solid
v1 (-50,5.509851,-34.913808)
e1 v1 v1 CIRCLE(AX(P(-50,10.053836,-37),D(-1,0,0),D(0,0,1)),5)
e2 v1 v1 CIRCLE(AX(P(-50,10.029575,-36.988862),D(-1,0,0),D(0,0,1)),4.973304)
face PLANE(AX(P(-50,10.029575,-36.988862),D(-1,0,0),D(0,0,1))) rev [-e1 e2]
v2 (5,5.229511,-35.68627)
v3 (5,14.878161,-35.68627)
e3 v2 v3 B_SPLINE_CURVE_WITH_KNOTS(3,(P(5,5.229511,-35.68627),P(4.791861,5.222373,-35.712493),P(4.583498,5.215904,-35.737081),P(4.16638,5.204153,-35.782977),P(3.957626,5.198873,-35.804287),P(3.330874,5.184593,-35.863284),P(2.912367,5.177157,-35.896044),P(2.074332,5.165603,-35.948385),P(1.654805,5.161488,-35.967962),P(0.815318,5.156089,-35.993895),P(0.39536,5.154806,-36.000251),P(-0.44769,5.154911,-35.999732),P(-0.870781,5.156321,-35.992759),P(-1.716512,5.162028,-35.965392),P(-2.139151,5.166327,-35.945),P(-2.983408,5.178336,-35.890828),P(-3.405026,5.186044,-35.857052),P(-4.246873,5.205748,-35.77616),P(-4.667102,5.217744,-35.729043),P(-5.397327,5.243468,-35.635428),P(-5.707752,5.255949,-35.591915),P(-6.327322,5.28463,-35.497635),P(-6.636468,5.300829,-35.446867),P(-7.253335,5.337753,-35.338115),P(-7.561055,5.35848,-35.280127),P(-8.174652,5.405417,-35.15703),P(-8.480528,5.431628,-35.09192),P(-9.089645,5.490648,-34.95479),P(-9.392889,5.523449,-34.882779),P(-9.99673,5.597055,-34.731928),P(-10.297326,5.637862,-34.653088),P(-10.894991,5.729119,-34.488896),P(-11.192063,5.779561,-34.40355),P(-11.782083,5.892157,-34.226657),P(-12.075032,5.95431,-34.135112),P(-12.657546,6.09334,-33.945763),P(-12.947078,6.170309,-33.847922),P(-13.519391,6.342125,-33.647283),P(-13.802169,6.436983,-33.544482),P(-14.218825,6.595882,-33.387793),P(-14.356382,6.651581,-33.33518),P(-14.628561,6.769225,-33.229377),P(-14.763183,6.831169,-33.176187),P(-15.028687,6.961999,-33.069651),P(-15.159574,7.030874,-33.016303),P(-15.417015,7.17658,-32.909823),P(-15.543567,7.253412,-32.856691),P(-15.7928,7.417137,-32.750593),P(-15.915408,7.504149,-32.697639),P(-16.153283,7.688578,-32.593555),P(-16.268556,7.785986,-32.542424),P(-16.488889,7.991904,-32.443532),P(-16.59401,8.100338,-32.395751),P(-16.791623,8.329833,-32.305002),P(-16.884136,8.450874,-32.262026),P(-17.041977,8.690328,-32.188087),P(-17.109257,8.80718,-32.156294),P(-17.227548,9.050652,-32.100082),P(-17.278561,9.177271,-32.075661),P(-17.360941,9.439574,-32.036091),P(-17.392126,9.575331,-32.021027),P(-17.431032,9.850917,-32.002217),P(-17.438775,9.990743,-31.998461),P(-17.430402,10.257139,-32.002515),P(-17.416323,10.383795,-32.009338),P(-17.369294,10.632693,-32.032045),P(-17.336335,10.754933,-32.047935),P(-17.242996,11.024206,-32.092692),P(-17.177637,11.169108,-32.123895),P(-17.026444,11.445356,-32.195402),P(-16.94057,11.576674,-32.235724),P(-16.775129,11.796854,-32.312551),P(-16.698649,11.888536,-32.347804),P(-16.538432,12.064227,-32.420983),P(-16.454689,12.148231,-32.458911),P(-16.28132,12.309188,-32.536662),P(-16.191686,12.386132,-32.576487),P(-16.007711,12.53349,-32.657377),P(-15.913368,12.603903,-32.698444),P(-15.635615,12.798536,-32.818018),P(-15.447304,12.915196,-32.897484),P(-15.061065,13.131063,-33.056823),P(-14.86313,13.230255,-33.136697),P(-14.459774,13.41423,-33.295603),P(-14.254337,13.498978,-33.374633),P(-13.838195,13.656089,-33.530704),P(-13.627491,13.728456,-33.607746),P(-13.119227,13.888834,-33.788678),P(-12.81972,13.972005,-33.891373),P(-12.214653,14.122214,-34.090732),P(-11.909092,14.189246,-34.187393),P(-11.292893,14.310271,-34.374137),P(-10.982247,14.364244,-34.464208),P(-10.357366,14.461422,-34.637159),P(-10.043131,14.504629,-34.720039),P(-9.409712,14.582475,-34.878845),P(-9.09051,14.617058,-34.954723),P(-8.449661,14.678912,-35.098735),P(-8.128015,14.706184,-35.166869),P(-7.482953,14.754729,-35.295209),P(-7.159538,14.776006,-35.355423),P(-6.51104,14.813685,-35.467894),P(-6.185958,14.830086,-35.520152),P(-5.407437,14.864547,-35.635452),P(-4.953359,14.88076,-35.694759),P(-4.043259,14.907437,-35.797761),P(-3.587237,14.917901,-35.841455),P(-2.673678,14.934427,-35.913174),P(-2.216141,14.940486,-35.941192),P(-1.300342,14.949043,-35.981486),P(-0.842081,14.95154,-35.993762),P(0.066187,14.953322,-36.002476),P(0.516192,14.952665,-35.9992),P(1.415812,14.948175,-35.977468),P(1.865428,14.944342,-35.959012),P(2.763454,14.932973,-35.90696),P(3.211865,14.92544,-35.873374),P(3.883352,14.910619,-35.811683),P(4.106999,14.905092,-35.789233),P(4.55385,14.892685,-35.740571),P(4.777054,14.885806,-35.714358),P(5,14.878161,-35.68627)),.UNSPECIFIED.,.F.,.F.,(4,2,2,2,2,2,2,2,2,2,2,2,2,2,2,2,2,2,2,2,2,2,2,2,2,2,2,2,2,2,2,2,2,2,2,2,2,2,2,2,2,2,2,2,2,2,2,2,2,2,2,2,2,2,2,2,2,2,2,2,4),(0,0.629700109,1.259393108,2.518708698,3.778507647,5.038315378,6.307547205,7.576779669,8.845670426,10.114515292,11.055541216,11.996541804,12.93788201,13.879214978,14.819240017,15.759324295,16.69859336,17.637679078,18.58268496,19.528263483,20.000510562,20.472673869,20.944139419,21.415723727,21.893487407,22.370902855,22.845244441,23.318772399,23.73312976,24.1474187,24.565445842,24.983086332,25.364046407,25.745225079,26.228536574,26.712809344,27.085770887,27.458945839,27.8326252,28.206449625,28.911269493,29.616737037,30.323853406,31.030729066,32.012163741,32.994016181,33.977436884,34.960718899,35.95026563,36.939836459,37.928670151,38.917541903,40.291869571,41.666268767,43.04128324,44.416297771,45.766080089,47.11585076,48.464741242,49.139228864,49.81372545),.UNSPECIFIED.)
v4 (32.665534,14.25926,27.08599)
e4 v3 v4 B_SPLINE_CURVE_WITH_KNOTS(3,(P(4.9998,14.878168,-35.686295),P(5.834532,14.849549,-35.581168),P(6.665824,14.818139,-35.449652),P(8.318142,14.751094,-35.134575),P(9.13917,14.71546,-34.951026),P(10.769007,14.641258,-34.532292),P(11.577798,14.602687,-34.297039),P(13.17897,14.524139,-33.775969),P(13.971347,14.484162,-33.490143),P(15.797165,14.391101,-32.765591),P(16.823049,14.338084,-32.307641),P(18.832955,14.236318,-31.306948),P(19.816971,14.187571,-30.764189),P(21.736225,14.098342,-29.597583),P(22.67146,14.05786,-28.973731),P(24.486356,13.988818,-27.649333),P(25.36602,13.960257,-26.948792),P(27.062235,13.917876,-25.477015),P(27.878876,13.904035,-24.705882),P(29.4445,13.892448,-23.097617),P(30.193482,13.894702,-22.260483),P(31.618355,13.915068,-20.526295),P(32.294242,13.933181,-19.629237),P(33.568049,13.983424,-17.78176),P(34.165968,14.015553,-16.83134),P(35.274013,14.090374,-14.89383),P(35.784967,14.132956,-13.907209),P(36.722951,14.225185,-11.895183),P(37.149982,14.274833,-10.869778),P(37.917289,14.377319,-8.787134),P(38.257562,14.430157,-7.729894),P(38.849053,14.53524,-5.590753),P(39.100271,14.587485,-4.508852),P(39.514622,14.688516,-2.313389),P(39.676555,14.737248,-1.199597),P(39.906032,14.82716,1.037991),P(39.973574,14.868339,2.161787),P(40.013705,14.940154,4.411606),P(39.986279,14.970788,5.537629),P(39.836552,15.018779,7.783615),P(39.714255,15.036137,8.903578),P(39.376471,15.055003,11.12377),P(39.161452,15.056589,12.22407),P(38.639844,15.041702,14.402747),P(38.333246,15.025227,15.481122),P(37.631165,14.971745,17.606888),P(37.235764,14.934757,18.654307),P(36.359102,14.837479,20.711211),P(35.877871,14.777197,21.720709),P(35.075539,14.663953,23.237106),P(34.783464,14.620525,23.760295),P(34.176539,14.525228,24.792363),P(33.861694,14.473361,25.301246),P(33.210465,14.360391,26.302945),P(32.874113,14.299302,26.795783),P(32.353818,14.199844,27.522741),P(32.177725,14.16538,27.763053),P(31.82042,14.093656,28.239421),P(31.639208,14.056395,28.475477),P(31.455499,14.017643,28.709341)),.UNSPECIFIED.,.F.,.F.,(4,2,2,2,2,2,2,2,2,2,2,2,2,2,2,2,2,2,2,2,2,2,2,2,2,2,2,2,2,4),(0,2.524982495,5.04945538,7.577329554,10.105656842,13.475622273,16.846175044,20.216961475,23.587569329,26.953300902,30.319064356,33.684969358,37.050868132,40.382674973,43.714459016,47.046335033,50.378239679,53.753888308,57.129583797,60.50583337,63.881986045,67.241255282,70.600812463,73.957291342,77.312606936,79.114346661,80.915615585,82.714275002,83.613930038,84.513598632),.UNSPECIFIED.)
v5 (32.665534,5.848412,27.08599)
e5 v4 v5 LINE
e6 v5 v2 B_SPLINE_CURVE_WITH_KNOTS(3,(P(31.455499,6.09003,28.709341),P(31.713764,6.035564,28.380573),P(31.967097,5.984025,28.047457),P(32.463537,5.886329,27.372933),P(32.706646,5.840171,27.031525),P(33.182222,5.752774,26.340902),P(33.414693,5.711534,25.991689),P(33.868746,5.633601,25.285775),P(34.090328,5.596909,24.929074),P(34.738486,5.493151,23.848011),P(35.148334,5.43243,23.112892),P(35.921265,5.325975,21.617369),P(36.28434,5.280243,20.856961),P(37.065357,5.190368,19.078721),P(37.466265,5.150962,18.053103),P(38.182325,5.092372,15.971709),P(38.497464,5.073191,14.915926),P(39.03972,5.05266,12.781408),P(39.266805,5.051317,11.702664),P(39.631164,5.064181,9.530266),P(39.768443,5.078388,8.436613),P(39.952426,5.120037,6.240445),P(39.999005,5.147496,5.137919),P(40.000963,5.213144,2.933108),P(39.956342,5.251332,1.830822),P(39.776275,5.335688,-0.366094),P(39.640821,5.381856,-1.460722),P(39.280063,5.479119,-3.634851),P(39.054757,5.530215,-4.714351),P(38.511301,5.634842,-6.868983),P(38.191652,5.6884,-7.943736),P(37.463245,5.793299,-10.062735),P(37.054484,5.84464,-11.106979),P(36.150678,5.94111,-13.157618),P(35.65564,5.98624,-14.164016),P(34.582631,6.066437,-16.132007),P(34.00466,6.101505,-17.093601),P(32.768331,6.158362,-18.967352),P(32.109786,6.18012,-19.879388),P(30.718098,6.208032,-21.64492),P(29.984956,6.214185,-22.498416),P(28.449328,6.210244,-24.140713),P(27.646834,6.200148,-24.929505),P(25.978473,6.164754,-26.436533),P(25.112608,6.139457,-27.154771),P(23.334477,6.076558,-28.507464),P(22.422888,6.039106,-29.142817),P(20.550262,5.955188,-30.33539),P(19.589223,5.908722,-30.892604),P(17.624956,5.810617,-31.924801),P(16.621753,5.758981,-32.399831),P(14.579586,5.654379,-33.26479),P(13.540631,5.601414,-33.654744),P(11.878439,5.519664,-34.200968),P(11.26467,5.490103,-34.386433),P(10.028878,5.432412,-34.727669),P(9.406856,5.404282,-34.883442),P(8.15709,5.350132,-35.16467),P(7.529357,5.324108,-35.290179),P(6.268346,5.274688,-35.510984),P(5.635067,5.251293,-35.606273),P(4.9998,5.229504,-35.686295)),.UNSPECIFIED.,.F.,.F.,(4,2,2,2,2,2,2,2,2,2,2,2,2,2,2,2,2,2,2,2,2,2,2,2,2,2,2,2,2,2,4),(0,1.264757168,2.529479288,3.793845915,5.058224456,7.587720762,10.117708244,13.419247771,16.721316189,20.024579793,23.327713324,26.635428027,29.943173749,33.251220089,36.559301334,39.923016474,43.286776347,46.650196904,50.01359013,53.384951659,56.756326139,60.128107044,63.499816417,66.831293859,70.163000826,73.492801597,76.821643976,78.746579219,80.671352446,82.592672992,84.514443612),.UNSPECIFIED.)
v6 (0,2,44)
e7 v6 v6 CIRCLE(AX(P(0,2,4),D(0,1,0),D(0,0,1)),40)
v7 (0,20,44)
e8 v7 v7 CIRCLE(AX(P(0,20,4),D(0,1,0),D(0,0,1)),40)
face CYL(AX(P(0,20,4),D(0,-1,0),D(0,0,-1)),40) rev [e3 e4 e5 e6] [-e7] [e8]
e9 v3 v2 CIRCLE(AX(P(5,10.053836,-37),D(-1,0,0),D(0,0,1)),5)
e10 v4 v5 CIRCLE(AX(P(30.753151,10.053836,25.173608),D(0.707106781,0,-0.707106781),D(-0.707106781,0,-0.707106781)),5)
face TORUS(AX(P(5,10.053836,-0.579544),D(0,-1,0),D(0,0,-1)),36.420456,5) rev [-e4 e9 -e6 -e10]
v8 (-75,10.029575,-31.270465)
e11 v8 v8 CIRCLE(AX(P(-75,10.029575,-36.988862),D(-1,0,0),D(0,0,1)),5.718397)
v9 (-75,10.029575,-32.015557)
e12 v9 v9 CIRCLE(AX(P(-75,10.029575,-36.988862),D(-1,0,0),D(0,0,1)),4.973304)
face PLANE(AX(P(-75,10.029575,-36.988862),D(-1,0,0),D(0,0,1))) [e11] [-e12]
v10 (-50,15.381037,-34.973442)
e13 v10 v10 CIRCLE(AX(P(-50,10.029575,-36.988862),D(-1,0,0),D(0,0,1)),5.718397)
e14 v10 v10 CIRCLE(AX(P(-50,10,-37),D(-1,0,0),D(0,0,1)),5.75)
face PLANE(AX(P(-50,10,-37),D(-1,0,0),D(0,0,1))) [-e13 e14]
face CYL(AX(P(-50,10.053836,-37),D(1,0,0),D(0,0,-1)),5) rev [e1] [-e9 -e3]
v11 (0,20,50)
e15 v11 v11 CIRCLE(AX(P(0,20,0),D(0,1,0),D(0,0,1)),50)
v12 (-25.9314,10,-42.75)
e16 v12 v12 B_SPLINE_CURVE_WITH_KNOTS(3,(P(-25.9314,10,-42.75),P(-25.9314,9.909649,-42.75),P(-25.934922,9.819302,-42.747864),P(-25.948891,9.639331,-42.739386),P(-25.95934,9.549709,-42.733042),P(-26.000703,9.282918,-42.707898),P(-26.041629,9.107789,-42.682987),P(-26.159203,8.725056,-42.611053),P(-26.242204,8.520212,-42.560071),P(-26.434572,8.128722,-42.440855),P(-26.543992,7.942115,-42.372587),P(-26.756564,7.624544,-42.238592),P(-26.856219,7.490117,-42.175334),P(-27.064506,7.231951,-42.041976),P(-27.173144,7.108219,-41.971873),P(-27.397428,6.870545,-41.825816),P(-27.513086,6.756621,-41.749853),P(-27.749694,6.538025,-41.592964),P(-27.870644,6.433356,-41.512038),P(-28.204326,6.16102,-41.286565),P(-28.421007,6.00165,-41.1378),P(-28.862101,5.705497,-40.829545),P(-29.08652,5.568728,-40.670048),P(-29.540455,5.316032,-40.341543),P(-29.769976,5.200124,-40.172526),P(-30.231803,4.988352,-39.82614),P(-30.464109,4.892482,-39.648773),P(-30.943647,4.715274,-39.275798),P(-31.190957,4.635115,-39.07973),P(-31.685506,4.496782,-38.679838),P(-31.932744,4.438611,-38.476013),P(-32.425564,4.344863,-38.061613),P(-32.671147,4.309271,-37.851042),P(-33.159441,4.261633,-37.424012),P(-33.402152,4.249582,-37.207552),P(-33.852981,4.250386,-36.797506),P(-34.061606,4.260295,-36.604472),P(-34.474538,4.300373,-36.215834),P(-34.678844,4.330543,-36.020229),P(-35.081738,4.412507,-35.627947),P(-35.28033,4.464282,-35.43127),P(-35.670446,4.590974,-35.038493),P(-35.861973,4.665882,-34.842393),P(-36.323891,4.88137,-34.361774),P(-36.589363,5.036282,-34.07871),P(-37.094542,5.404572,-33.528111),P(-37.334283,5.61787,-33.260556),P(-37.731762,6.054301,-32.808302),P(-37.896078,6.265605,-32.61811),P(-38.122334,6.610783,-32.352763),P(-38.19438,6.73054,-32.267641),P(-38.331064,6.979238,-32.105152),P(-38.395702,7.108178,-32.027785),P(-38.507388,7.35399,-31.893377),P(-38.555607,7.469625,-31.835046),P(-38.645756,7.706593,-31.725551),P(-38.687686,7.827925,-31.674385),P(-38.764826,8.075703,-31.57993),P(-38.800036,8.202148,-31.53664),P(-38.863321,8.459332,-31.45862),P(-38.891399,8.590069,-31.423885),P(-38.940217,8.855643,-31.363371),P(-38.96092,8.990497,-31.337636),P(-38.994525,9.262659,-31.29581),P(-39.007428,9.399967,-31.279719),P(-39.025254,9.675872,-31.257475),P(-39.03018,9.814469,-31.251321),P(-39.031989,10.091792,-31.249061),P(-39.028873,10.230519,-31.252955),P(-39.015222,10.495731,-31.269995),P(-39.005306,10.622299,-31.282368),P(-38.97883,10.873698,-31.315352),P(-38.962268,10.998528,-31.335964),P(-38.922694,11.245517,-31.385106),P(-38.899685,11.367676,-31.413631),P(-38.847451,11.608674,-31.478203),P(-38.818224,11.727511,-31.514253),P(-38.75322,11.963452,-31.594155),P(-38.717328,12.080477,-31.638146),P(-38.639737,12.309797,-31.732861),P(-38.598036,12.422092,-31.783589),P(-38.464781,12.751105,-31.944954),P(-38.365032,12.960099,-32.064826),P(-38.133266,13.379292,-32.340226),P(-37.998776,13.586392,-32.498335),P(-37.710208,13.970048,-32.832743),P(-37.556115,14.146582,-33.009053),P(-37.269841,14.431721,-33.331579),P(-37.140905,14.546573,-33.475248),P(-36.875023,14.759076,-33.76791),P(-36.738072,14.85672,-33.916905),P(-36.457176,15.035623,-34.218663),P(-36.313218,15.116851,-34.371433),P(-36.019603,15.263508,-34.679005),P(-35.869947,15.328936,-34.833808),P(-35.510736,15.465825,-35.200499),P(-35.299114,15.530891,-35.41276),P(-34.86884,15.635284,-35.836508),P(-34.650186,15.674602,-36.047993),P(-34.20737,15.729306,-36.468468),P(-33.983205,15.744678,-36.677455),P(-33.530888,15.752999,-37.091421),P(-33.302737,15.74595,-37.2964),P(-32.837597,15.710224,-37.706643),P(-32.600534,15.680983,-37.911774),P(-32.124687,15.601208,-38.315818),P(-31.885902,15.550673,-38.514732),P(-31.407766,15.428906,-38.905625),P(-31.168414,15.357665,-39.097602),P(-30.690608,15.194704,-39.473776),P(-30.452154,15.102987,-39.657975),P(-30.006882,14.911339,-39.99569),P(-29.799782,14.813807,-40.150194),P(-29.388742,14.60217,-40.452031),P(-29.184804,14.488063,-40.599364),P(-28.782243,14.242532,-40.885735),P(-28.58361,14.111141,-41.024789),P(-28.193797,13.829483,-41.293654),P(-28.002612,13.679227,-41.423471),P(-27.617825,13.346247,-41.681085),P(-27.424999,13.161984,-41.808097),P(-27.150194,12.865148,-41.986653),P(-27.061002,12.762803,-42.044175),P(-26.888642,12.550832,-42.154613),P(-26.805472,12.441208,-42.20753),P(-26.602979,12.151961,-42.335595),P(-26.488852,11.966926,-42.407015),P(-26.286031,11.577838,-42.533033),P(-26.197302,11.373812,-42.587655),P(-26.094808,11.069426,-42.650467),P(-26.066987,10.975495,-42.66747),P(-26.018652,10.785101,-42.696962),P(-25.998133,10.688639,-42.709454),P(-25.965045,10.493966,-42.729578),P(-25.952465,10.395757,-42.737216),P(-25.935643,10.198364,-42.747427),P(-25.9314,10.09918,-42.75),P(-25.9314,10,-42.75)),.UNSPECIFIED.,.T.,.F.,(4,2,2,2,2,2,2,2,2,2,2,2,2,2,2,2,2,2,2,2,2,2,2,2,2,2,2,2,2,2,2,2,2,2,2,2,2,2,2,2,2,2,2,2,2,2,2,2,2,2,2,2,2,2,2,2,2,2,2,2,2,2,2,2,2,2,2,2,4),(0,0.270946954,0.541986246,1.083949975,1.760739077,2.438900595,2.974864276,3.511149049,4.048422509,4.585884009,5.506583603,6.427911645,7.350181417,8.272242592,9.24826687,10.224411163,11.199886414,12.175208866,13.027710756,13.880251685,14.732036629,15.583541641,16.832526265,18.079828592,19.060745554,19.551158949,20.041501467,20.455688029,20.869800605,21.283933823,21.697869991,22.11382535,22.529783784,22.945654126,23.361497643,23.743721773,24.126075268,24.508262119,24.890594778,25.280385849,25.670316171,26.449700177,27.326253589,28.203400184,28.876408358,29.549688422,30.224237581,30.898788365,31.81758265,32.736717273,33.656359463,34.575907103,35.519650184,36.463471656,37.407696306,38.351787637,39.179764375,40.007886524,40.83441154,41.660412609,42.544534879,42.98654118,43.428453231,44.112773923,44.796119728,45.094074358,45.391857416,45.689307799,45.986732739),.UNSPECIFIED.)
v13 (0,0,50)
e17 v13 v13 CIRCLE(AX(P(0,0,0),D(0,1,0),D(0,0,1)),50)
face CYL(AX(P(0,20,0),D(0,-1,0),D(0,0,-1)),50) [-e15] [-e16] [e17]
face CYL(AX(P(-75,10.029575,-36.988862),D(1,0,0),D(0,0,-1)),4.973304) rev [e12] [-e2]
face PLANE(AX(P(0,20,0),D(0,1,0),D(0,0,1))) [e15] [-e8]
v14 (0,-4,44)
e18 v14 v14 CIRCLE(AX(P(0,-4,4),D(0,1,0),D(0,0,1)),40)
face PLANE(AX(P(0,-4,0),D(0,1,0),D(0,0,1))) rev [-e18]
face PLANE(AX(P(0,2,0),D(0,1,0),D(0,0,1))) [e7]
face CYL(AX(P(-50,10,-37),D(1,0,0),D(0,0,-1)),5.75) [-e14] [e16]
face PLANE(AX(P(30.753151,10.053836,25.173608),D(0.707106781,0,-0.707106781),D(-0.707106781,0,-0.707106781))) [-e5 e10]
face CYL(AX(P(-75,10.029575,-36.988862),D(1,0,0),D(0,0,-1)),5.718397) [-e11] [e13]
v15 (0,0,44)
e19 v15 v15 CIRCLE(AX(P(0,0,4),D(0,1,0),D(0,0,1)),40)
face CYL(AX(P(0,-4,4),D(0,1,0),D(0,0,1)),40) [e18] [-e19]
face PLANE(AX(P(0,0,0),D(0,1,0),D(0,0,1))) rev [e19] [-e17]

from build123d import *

# Parameters (mm, degrees)
SKETCH1_R                = 50
SKETCH1_R_2              = 40
BOSS_EXTRUDE1_DEPTH      = 20
BOSS_EXTRUDE2_DEPTH      = 2
BOSS_EXTRUDE2_DEPTH_BACK = 4
SKETCH2_R                = 40
SKETCH4_R                = 5.75
SKETCH4_R_2              = 4.75
SKETCH7_R                = 5
SKETCH8_R                = 5.718396741
SKETCH8_R_2              = 4.973304453
BOSS_EXTRUDE4_DEPTH      = 25


with BuildPart() as part:
    # Sketch1 → Boss-Extrude1 (new body)
    with BuildSketch(Plane(origin=(0, 0, 0), x_dir=(1, 0, 0), z_dir=(0, 1, 0))):
        with Locations(Location((0, 0, 0), (0, 0, 270))):
            Circle(SKETCH1_R)
        with Locations(Location((0, -4, 0), (0, 0, 270))):
            Circle(SKETCH1_R_2, mode=Mode.SUBTRACT)
    extrude(amount=BOSS_EXTRUDE1_DEPTH)

    # Sketch2 → Boss-Extrude2 (add, two sides: drawn at the far end of the back side and taken through both)
    with BuildSketch(Plane(origin=(0, 0, 0), x_dir=(1, 0, 0), z_dir=(0, 1, 0)).offset(-BOSS_EXTRUDE2_DEPTH_BACK)):
        with Locations(Location((0, -4, 0), (0, 0, 270))):
            Circle(SKETCH2_R)
    extrude(amount=BOSS_EXTRUDE2_DEPTH + BOSS_EXTRUDE2_DEPTH_BACK)

    # Sweep1: sweep along a path in Sketch5
    with BuildLine(Plane(origin=(0, 0, 0), x_dir=(1, 0, 0), z_dir=(0, 1, 0))) as sweep1_path:
        Line((-50, 37), (-20.098494214, 37))
    # Sketch4 → Sweep1 (sweep)
    with BuildSketch(Plane.ZY.offset(50)):
        with Locations((-37, 10)):
            Circle(SKETCH4_R)
        with Locations((-37, 10)):
            Circle(SKETCH4_R_2, mode=Mode.SUBTRACT)
    sweep(path=sweep1_path.line)

    # Cut-Sweep4: sweep along a path in Sketch6
    with BuildLine(Plane(origin=(0, 0, 0), x_dir=(1, 0, 0), z_dir=(0, 1, 0))) as cut_sweep4_path:
        Line((-50, 41), (5, 41))
        ThreePointArc((5, 41), (42.343632049, 16.047782803), (33.581578579, -28.002034639))
    # Sketch7 → Cut-Sweep4 (sweep, cut)
    with BuildSketch(Plane.ZY.offset(50)):
        with Locations((-37, 10.053836195)):
            Circle(SKETCH7_R)
    sweep(path=cut_sweep4_path.line, mode=Mode.SUBTRACT)

    # Sketch8 → Boss-Extrude4 (add)
    with BuildSketch(Plane.ZY.offset(50)):
        with Locations(Location((-36.988861594, 10.029575359, 0), (0, 0, 69.358502731))):
            Circle(SKETCH8_R)
        with Locations(Location((-36.988861594, 10.029575359, 0), (0, 0, 294.660355781))):
            Circle(SKETCH8_R_2, mode=Mode.SUBTRACT)
    extrude(amount=BOSS_EXTRUDE4_DEPTH)


solid = part.part
